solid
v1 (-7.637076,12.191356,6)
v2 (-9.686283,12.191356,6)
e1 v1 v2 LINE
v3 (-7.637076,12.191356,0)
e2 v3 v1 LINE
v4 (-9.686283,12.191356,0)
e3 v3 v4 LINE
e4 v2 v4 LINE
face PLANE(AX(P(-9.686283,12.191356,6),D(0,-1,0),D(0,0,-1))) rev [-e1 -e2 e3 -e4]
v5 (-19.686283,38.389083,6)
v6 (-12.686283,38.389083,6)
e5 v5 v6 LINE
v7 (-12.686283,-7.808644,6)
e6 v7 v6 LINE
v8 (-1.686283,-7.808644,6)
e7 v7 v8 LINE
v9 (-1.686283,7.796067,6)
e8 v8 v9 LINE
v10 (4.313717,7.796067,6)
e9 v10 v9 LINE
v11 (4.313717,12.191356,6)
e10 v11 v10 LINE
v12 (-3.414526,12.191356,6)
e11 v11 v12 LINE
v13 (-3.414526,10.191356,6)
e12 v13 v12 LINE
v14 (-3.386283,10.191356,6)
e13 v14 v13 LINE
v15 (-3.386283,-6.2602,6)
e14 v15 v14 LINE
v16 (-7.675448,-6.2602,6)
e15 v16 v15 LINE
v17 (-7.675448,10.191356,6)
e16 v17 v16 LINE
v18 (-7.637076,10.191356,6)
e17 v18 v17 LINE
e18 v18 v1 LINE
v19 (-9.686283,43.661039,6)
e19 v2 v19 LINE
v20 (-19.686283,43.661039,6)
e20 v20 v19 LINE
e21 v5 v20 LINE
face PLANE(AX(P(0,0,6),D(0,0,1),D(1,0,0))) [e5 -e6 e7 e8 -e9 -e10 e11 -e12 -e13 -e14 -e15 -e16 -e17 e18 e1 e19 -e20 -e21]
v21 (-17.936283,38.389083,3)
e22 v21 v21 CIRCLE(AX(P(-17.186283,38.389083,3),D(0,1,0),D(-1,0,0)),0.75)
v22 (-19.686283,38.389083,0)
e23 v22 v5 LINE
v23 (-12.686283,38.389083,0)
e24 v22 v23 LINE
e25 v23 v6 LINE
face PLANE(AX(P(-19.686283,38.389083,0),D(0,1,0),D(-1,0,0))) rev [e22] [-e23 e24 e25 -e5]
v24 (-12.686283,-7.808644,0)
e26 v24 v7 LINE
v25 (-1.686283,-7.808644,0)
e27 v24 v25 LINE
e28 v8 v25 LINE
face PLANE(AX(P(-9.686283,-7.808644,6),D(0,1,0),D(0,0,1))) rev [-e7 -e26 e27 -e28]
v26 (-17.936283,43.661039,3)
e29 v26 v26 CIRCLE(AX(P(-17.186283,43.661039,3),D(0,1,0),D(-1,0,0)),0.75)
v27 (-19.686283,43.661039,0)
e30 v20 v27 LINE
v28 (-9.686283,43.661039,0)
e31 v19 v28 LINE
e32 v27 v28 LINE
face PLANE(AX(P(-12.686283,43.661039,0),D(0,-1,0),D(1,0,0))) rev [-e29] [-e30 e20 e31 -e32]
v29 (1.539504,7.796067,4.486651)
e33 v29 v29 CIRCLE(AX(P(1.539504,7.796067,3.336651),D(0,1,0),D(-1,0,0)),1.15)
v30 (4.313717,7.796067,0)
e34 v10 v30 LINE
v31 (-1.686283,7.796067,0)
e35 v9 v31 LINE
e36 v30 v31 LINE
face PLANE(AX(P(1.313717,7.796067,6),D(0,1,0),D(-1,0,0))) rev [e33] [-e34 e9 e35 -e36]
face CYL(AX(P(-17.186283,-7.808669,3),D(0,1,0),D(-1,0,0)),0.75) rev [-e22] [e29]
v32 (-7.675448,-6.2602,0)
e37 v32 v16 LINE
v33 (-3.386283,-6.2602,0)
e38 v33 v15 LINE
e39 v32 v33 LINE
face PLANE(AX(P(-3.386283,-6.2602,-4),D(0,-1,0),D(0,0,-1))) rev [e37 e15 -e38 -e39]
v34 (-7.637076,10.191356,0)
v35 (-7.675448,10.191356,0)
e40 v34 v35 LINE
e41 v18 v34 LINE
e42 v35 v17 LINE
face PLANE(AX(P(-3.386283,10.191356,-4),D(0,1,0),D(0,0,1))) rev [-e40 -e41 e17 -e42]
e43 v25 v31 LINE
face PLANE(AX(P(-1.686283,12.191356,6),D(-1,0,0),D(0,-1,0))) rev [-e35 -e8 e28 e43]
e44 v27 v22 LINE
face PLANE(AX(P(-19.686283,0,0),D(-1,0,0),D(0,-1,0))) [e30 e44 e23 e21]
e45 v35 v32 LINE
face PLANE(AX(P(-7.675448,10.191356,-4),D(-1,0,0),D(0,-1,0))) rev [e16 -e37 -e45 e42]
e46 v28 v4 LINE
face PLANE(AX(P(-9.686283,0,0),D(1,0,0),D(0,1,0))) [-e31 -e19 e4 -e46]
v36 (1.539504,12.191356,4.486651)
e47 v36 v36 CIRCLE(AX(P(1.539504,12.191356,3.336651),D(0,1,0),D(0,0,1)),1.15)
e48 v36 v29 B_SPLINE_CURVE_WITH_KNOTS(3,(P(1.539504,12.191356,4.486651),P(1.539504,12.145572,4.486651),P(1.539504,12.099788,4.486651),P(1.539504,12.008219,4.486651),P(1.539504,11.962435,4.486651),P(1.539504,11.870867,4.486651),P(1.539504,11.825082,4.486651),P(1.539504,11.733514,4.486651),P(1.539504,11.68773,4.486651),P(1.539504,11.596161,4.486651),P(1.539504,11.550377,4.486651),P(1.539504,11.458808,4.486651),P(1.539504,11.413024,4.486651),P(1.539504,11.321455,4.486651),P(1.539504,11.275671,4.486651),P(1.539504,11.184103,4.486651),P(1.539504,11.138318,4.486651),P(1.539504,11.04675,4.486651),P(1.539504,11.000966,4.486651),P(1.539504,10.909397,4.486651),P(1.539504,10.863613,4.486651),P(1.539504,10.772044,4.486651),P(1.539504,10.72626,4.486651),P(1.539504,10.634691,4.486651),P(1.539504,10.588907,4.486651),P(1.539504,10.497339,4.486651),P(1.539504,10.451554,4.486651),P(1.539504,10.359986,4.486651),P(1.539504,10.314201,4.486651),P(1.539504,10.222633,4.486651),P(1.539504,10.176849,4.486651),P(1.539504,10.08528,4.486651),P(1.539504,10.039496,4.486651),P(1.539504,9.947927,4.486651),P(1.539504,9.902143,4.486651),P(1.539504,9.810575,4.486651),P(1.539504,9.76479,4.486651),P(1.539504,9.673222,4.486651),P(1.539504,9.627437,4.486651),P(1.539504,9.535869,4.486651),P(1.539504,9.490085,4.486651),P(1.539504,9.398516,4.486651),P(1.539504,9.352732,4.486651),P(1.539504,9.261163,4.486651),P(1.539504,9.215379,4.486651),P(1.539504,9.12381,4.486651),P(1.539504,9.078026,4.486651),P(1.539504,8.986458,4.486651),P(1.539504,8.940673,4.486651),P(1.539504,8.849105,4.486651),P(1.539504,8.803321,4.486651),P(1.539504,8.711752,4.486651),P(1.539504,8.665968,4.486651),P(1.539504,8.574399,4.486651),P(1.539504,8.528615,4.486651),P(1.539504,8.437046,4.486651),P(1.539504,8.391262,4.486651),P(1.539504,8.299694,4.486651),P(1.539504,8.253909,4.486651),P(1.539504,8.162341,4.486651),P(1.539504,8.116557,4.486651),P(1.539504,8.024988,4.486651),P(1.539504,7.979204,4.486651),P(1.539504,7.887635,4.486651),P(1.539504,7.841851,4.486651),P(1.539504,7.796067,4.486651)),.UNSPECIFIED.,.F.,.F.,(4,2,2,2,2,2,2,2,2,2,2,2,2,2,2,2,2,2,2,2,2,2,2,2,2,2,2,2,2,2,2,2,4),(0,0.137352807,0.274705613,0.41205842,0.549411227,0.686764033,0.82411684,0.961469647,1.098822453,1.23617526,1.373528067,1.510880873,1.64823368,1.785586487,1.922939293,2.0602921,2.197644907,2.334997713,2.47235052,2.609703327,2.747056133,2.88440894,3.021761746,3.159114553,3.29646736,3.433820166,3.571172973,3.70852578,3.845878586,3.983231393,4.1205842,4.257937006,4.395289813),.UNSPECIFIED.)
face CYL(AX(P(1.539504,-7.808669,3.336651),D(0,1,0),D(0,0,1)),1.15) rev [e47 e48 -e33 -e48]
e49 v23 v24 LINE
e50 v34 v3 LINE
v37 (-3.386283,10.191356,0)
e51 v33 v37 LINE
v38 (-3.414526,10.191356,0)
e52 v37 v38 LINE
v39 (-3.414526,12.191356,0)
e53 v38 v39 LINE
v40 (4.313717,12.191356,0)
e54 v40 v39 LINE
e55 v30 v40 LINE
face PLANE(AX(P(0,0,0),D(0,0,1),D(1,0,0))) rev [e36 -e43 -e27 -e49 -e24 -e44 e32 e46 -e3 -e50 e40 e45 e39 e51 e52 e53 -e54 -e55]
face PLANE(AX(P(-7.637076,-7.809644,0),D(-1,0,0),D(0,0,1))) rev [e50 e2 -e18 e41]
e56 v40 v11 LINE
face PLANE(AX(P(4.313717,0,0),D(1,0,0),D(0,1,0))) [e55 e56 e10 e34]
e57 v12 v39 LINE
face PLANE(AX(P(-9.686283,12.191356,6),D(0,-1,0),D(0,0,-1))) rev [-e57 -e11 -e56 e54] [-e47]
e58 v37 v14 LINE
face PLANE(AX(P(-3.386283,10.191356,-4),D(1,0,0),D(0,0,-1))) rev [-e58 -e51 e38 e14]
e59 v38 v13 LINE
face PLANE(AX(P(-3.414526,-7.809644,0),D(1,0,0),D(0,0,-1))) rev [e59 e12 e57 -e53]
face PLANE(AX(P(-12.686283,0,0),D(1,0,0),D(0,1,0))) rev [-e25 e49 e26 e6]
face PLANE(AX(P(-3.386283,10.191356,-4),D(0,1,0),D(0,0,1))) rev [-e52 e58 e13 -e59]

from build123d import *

# Parameters (mm, degrees)
SKETCH1_W           = 8
SKETCH1_H           = 20
BOSS_EXTRUDE1_DEPTH = 6
SKETCH2_W           = 4.289164283
SKETCH2_H           = 16.451556892
CUT_EXTRUDE1_DEPTH  = 10
CUT_EXTRUDE2_REACH  = 25.018
SKETCH3_W           = 4.222549804
SKETCH3_H           = 6
SKETCH4_W           = 6
SKETCH4_H           = 4.395289814
BOSS_EXTRUDE2_DEPTH = 3
SKETCH5_W           = 6
SKETCH5_H           = 51.469682585
BOSS_EXTRUDE3_DEPTH = 3
SKETCH6_W           = 6
SKETCH6_H           = 5.271956477
BOSS_EXTRUDE4_DEPTH = 7
SKETCH8_R           = 0.75
CUT_EXTRUDE3_DEPTH  = 56.431741569
SKETCH9_W           = 6
SKETCH9_H           = 4.395289814
BOSS_EXTRUDE5_DEPTH = 3
SKETCH10_R          = 1.15
CUT_EXTRUDE4_DEPTH  = 38.601737593


with BuildPart() as part:
    # Sketch1 → Boss-Extrude1 (new body)
    with BuildSketch(Plane.XY):
        with Locations((-5.686283245, 2.191356499)):
            Rectangle(SKETCH1_W, SKETCH1_H)
    extrude(amount=BOSS_EXTRUDE1_DEPTH)

    # Sketch2 → Cut-Extrude1 (cut)
    with BuildSketch(Plane.XY.offset(6)):
        with Locations((-5.530865387, 1.965578053)):
            Rectangle(SKETCH2_W, SKETCH2_H)
    extrude(amount=-CUT_EXTRUDE1_DEPTH, mode=Mode.SUBTRACT)

    # Sketch3 → Cut-Extrude2 (cut, up to next)
    with BuildSketch(Plane(origin=(0, 12.191356499, 0), x_dir=(1, 0, 0), z_dir=(0, 1, 0)), mode=Mode.PRIVATE) as cut_extrude2_sk1:
        with Locations((-5.525800627, -3)):
            Rectangle(SKETCH3_W, SKETCH3_H)
    cut_extrude2_tool1 = extrude(cut_extrude2_sk1.sketch, amount=-CUT_EXTRUDE2_REACH, mode=Mode.PRIVATE) & part.part
    add(cut_extrude2_tool1.solids().sort_by_distance((-5.525801, 12.191356, 3))[0], mode=Mode.SUBTRACT)

    # Sketch4 → Boss-Extrude2 (add)
    with BuildSketch(Plane(origin=(-1.686283245, 0, 0), x_dir=(0, 0, -1), z_dir=(1, 0, 0))):
        with Locations((-3, 9.993711592)):
            Rectangle(SKETCH4_W, SKETCH4_H)
    extrude(amount=BOSS_EXTRUDE2_DEPTH)

    # Sketch5 → Boss-Extrude3 (add)
    with BuildSketch(Plane.ZY.offset(9.686283245)):
        with Locations((3, 17.926197792)):
            Rectangle(SKETCH5_W, SKETCH5_H)
    extrude(amount=BOSS_EXTRUDE3_DEPTH)

    # Sketch6 → Boss-Extrude4 (add)
    with BuildSketch(Plane.ZY.offset(12.686283245)):
        with Locations((3, 41.025060846)):
            Rectangle(SKETCH6_W, SKETCH6_H)
    extrude(amount=BOSS_EXTRUDE4_DEPTH)

    # Sketch8 → Cut-Extrude3 (cut, through all)
    with BuildSketch(Plane(origin=(0, 43.661039084, 0), x_dir=(1, 0, 0), z_dir=(0, 1, 0))):
        with Locations(Location((-17.186283245, -3, 0), (0, 0, 180))):
            Circle(SKETCH8_R)
    extrude(amount=-CUT_EXTRUDE3_DEPTH, mode=Mode.SUBTRACT)

    # Sketch9 → Boss-Extrude5 (add)
    with BuildSketch(Plane(origin=(1.313716755, 0, 0), x_dir=(0, 0, -1), z_dir=(1, 0, 0))):
        with Locations((-3, 9.993711592)):
            Rectangle(SKETCH9_W, SKETCH9_H)
    extrude(amount=BOSS_EXTRUDE5_DEPTH)

    # Sketch10 → Cut-Extrude4 (cut, through all)
    with BuildSketch(Plane(origin=(0, 12.191356499, 0), x_dir=(1, 0, 0), z_dir=(0, 1, 0))):
        with Locations(Location((1.539504185, -3.336651143, 0), (0, 0, 270))):
            Circle(SKETCH10_R)
    extrude(amount=-CUT_EXTRUDE4_DEPTH, mode=Mode.SUBTRACT)


solid = part.part
